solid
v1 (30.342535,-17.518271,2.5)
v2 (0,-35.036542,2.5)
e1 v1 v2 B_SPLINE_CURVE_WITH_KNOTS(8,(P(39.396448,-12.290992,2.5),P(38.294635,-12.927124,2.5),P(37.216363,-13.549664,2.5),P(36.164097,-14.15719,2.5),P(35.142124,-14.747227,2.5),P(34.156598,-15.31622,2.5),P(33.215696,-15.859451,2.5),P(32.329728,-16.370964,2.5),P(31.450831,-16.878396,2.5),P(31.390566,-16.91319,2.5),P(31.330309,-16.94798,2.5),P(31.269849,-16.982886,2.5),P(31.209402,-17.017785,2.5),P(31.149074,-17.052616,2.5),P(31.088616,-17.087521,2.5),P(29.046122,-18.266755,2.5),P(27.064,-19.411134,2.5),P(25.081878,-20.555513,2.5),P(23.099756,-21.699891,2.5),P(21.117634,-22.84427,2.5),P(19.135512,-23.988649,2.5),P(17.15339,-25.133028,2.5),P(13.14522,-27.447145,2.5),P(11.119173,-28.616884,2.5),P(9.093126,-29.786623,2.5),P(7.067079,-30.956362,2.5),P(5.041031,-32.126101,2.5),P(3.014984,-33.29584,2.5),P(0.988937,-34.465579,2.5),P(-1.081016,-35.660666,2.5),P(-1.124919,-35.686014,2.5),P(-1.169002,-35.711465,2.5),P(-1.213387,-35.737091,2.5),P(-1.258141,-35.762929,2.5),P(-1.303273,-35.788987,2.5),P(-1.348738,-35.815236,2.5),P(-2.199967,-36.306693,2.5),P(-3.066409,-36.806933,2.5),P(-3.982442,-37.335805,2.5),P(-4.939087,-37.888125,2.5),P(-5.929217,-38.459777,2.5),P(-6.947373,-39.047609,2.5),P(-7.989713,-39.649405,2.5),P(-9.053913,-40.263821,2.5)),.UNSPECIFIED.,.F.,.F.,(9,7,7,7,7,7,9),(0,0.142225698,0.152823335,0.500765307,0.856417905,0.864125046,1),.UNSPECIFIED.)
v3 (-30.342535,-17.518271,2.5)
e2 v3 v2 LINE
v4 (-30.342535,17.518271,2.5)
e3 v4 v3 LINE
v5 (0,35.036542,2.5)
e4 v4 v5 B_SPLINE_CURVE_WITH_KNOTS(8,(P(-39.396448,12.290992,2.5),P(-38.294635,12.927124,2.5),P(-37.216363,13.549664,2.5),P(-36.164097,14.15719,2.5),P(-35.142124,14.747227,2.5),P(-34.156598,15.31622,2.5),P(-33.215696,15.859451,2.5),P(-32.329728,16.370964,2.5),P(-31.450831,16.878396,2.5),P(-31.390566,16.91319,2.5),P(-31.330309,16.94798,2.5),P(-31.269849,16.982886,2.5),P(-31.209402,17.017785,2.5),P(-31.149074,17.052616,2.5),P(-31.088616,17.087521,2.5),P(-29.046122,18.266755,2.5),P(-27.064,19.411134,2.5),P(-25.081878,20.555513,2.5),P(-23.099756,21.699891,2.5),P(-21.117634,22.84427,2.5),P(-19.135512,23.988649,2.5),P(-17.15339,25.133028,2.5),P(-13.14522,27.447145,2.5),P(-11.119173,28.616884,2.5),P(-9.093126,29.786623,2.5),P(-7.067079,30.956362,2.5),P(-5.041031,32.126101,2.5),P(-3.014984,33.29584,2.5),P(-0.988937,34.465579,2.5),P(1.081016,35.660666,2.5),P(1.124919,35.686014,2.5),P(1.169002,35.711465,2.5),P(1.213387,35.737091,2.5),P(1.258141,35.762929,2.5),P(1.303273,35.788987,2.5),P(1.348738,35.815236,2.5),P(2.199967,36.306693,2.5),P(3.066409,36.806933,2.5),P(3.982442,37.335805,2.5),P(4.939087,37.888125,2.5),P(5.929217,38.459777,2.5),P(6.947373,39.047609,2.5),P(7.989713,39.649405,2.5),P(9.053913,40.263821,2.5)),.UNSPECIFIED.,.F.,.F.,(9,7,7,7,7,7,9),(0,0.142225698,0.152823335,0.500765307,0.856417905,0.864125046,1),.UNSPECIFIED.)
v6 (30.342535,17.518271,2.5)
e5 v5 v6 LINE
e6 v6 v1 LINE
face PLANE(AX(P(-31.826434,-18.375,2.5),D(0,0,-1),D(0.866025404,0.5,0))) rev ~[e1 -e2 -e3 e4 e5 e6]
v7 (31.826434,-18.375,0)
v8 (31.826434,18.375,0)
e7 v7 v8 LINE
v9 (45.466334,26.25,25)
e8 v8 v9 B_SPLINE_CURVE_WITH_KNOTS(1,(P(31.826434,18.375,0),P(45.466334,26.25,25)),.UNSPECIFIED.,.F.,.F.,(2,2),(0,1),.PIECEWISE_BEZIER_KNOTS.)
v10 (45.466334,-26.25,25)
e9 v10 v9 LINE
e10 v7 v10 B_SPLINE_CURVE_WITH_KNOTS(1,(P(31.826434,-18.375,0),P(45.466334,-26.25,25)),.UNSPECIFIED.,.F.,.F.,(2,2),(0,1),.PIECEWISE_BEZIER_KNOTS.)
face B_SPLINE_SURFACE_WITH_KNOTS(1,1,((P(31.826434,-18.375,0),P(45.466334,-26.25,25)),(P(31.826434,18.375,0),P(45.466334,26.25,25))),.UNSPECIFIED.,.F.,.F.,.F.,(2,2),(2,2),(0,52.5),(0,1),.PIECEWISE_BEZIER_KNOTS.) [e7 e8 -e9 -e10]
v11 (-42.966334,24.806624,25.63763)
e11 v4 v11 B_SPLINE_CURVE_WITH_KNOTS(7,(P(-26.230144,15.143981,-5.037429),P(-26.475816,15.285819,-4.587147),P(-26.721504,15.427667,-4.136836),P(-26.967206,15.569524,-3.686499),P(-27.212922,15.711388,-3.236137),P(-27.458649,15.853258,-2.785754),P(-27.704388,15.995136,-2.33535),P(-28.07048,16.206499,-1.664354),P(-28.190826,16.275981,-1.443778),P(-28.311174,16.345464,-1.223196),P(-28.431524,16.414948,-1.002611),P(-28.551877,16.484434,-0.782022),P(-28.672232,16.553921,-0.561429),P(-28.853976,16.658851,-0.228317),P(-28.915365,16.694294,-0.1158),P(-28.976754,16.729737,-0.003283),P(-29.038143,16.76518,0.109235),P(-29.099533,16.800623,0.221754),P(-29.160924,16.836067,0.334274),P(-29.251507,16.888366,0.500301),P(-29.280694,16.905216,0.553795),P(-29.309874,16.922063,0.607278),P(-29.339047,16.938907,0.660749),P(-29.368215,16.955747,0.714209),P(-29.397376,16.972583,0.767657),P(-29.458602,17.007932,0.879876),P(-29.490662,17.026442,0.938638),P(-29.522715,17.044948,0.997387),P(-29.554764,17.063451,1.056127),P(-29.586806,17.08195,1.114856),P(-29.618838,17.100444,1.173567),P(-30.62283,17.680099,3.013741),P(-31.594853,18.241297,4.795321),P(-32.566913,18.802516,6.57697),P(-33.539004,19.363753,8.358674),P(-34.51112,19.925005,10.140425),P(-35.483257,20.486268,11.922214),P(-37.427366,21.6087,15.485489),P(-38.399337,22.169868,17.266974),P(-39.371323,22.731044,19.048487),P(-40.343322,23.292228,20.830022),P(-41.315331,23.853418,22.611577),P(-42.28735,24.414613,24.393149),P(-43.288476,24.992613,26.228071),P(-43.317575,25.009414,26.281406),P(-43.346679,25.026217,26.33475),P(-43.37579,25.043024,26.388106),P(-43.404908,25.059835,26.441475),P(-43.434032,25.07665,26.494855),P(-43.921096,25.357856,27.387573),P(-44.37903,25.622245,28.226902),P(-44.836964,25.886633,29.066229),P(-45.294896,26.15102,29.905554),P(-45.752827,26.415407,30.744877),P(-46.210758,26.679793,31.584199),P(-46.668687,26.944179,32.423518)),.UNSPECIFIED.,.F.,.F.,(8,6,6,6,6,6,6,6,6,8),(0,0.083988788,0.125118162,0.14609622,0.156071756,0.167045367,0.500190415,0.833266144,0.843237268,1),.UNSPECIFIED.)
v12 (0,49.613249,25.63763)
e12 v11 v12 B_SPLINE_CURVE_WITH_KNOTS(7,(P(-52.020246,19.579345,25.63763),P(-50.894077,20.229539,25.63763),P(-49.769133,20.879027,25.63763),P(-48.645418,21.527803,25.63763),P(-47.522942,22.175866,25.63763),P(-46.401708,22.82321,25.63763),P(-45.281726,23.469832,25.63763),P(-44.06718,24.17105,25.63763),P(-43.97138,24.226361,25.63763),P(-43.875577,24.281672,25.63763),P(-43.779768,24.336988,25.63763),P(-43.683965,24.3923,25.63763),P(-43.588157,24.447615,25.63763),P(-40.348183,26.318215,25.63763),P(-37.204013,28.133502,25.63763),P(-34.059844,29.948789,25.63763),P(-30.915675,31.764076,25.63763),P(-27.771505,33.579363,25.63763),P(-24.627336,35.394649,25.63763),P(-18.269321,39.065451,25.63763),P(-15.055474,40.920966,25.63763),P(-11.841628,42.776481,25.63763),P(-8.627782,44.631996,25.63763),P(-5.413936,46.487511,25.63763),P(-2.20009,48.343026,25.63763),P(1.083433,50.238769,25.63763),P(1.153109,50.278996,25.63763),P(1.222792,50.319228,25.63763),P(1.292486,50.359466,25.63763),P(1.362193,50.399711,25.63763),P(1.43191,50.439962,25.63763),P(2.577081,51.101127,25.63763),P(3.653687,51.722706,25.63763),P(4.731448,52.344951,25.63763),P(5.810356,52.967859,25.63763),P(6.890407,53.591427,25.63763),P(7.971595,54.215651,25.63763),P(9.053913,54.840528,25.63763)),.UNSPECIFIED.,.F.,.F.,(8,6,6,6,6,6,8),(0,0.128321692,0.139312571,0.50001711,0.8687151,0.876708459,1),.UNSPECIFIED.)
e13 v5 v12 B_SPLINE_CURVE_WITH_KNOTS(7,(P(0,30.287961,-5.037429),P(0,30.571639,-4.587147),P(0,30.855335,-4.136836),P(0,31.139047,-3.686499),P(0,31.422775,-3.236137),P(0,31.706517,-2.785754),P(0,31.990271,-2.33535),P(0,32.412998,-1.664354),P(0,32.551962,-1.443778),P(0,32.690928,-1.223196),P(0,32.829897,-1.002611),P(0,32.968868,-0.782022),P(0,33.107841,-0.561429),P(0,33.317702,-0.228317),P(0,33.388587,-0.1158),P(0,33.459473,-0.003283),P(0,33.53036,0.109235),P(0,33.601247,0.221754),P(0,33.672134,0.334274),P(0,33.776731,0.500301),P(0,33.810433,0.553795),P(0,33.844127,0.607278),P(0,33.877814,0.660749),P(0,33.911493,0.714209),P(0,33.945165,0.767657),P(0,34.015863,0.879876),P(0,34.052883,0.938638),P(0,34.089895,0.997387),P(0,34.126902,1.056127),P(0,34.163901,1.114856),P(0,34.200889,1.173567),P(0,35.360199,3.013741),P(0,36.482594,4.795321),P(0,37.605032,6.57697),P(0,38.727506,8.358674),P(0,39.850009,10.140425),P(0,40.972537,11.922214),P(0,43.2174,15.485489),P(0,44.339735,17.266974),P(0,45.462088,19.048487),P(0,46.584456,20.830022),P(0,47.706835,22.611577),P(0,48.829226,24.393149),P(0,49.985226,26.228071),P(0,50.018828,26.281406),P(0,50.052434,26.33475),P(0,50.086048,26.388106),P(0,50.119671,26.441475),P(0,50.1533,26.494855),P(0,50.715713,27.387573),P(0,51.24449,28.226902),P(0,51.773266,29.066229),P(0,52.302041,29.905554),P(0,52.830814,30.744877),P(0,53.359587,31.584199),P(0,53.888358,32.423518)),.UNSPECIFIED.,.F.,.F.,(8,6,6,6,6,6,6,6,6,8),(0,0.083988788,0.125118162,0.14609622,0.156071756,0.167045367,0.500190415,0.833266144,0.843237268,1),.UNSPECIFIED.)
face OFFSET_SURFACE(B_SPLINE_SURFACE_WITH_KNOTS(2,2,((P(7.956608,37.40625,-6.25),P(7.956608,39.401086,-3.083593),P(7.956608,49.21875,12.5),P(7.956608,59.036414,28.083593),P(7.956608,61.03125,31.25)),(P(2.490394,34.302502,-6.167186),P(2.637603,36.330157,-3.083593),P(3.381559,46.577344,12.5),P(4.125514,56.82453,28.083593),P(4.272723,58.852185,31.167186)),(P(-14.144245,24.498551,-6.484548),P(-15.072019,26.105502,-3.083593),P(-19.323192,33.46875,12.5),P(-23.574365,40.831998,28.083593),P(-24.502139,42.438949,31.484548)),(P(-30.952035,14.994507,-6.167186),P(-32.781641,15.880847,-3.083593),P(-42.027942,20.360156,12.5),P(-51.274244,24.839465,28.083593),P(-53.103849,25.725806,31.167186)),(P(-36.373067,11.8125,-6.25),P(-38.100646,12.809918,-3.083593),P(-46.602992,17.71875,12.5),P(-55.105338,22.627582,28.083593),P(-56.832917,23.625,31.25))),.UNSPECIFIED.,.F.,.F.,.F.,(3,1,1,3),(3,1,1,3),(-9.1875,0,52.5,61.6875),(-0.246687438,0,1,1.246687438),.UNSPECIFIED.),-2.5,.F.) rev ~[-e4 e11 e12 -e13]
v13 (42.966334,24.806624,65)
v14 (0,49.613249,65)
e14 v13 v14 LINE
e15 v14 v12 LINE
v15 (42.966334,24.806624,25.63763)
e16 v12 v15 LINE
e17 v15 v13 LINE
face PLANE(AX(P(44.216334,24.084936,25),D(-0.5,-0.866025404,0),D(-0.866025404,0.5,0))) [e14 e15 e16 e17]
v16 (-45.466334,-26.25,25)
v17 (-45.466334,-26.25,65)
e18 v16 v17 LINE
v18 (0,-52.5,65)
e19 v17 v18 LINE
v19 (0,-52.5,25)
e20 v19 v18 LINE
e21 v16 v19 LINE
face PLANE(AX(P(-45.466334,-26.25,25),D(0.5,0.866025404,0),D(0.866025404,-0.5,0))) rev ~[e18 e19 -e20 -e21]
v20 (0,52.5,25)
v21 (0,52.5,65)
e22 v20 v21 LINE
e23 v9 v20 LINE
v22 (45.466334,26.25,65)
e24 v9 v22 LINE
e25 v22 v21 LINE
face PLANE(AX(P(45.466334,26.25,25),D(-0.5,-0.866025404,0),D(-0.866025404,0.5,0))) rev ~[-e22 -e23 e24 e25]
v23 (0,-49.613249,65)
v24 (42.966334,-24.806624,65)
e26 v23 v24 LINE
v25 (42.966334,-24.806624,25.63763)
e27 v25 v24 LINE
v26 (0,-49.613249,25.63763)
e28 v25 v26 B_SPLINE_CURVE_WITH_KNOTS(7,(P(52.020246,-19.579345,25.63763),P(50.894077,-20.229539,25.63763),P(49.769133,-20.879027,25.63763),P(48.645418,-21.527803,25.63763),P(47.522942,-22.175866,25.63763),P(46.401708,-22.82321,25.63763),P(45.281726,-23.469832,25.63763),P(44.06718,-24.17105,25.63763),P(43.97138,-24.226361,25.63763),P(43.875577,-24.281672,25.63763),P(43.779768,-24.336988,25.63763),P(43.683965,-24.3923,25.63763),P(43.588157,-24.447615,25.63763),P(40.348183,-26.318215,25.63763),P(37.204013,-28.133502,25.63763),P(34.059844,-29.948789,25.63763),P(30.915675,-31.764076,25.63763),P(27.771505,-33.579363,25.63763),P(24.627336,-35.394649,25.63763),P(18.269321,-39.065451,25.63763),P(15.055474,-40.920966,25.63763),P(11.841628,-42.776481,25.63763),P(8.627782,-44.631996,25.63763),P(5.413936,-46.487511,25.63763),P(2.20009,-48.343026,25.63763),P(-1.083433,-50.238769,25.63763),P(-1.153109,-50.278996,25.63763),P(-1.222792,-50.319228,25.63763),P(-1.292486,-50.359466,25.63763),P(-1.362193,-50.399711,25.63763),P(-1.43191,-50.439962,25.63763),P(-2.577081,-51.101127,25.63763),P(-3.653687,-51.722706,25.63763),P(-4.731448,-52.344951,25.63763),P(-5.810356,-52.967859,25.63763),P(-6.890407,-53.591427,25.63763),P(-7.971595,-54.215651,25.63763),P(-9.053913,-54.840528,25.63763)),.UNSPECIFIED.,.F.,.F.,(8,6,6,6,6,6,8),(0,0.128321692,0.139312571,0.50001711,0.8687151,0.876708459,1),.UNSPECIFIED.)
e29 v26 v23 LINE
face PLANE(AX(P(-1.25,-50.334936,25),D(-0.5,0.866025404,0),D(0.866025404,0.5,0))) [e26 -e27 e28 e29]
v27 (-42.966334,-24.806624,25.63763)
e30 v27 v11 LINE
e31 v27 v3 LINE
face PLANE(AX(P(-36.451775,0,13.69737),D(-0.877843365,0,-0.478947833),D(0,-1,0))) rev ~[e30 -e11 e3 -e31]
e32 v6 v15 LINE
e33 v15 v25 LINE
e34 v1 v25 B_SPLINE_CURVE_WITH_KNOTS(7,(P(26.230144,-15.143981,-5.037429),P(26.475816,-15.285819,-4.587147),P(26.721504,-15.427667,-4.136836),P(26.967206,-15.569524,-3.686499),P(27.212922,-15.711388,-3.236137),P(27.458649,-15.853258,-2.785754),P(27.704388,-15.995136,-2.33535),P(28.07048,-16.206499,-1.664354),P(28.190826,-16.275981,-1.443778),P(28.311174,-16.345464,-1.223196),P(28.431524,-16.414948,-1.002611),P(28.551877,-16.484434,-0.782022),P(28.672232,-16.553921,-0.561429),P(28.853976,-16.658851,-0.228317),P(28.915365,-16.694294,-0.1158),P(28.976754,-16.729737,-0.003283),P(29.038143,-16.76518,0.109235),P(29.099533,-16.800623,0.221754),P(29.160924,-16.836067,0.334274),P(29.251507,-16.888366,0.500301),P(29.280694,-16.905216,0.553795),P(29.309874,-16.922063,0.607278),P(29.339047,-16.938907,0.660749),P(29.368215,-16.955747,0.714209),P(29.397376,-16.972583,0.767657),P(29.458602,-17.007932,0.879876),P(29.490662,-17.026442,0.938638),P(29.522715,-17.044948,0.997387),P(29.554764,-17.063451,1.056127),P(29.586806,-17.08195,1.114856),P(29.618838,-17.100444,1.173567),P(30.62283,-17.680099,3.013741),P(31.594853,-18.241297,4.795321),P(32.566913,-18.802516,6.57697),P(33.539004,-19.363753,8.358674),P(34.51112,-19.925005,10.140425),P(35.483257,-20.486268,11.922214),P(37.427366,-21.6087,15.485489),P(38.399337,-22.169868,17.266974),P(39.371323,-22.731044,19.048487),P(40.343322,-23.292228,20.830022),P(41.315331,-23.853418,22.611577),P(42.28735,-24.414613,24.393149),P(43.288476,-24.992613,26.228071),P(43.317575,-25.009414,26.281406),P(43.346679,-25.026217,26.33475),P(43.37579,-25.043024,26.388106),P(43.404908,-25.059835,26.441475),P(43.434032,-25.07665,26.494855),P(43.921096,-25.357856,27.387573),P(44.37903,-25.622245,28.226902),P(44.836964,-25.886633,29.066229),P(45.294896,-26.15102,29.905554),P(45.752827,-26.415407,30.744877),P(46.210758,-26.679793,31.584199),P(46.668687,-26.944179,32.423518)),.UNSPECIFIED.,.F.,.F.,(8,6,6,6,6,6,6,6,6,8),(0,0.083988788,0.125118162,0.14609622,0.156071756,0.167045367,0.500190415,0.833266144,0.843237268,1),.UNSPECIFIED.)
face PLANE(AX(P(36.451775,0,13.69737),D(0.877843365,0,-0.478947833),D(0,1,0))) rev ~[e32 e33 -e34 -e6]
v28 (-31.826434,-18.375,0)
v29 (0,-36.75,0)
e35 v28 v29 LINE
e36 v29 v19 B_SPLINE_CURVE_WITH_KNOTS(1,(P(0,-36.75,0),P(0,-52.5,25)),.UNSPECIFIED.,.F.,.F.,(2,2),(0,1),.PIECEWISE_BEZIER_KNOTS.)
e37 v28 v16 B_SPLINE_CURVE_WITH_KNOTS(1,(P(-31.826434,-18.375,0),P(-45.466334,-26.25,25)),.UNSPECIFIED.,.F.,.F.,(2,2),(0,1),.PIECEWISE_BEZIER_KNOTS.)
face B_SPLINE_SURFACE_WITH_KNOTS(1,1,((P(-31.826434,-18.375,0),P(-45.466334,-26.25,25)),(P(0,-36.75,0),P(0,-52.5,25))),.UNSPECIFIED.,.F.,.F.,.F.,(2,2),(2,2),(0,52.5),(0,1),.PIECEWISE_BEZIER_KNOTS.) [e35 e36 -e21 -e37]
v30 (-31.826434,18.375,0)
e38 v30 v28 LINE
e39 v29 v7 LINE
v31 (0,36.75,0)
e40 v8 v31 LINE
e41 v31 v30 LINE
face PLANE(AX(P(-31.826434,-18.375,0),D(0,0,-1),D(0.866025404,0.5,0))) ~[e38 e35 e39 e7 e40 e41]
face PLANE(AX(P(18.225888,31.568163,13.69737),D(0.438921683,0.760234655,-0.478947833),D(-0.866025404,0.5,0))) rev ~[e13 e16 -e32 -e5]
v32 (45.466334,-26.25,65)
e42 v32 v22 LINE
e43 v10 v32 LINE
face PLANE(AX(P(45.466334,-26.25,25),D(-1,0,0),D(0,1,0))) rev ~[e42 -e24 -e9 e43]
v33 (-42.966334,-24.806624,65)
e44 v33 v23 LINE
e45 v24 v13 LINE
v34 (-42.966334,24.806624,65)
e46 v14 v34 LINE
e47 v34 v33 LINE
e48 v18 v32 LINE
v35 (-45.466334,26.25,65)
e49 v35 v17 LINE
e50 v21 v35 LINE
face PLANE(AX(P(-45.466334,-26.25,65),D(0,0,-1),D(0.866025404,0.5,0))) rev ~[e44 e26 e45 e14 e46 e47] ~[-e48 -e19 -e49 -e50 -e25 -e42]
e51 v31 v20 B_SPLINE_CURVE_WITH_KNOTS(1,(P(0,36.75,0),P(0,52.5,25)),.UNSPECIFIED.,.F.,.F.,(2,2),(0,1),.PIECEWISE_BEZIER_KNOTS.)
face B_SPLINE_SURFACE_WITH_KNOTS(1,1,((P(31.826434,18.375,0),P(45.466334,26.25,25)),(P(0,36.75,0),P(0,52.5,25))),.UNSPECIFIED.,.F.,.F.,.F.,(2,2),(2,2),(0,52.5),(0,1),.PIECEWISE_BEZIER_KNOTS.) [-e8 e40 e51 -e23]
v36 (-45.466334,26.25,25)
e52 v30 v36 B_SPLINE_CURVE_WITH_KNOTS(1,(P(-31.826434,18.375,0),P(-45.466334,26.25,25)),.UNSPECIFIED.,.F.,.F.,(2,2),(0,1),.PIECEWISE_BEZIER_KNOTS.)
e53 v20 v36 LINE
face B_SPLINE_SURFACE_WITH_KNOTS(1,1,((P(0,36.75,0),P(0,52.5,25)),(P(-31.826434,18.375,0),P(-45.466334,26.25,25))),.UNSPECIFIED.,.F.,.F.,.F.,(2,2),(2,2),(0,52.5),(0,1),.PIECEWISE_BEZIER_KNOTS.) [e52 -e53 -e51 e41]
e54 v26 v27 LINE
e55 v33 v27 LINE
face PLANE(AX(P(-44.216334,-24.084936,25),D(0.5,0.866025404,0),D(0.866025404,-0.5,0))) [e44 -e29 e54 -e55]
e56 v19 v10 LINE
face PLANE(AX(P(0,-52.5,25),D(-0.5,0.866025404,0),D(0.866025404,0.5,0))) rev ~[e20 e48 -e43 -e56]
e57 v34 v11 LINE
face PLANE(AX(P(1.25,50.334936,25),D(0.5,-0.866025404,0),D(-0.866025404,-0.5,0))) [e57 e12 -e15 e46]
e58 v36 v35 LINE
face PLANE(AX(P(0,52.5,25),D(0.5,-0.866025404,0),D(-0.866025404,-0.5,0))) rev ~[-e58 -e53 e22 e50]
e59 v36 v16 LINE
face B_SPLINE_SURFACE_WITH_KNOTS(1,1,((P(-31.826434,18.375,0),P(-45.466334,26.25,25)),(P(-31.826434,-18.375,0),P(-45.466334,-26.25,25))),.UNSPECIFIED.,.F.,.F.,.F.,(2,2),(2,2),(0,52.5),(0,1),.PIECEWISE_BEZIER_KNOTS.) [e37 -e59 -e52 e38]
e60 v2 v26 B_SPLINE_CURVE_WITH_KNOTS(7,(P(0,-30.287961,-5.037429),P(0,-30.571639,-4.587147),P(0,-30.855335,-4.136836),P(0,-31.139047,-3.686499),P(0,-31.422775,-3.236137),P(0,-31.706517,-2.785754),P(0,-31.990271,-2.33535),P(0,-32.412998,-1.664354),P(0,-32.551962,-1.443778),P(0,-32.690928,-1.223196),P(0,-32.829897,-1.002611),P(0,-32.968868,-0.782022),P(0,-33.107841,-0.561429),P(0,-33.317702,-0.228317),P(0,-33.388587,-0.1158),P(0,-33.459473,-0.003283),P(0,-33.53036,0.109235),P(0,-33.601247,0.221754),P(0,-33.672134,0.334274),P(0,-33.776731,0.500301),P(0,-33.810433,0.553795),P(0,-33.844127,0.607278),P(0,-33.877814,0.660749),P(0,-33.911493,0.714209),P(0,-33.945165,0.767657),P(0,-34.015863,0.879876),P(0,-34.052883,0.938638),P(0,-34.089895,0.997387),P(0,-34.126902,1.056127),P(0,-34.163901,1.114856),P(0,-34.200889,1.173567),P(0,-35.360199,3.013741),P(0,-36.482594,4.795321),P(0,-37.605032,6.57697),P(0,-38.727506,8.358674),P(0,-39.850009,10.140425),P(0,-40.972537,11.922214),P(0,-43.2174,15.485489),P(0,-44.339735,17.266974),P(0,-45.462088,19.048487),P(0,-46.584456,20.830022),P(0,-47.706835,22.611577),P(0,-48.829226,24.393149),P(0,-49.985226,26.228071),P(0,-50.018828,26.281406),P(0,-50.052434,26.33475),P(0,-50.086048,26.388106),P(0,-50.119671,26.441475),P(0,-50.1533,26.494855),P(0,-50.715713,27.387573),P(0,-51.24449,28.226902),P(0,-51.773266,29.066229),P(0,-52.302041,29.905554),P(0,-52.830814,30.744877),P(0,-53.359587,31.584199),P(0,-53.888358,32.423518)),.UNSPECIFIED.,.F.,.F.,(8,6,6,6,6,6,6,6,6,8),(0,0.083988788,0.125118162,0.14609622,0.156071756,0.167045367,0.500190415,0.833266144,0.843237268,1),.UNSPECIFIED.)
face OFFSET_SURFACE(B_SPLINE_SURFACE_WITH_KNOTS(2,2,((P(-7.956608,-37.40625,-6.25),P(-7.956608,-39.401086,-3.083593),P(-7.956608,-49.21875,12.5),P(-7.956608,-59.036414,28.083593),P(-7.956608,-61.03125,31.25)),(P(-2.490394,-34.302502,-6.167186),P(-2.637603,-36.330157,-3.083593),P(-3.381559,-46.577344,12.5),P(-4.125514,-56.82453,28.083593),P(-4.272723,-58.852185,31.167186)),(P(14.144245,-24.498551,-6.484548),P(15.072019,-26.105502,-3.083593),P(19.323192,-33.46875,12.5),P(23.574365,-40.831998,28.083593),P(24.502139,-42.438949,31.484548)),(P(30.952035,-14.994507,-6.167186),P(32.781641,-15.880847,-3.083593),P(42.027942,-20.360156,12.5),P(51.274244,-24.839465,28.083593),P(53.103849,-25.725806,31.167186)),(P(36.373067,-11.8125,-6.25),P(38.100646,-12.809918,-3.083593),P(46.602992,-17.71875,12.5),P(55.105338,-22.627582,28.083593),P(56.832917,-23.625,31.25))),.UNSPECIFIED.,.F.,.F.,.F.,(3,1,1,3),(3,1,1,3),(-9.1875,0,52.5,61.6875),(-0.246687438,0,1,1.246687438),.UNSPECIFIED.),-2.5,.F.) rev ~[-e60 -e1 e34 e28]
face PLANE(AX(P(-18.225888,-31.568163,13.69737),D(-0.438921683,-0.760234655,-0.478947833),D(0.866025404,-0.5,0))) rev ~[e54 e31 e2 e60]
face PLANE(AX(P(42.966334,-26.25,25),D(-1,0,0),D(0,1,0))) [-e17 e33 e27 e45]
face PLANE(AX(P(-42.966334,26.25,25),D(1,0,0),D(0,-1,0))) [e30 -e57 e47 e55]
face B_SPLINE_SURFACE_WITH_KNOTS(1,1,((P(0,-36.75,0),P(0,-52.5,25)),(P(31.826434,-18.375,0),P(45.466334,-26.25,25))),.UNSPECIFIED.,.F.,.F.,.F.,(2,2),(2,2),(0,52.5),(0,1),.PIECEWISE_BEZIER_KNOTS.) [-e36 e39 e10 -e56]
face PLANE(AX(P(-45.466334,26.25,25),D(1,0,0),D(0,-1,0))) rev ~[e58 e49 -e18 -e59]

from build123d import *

# Parameters (mm, degrees)
F6_DEPTH = 40
F7_T     = -2.5


with BuildPart() as f5:
    # F2 (on Top) → F5 section 0
    with BuildSketch(Plane.XY):
        Polygon((-31.8264335891, -18.375), (0, -36.75), (31.8264335891, -18.375), (31.8264335891, 18.375), (0, 36.75), (-31.8264335891, 18.375), align=None)
    # F4 (on offset) → F5 section 1
    with BuildSketch(Plane.XY.offset(25)):
        Polygon((-45.4663336987, -26.25), (0, -52.5), (45.4663336987, -26.25), (45.4663336987, 26.25), (0, 52.5), (-45.4663336987, 26.25), align=None)
    loft()

    # F6 (add): a face of the model
    f6_faces = [f5.faces().sort_by_distance(p)[0] for p in [
        (0, 0, 25),
    ]]
    extrude(f6_faces, amount=F6_DEPTH)

    # F7
    f7_openings = [f5.faces().sort_by_distance(p)[0] for p in [
        (0, 0, 65),
    ]]
    offset(amount=F7_T, openings=f7_openings, kind=Kind.INTERSECTION)


solid = f5.part
